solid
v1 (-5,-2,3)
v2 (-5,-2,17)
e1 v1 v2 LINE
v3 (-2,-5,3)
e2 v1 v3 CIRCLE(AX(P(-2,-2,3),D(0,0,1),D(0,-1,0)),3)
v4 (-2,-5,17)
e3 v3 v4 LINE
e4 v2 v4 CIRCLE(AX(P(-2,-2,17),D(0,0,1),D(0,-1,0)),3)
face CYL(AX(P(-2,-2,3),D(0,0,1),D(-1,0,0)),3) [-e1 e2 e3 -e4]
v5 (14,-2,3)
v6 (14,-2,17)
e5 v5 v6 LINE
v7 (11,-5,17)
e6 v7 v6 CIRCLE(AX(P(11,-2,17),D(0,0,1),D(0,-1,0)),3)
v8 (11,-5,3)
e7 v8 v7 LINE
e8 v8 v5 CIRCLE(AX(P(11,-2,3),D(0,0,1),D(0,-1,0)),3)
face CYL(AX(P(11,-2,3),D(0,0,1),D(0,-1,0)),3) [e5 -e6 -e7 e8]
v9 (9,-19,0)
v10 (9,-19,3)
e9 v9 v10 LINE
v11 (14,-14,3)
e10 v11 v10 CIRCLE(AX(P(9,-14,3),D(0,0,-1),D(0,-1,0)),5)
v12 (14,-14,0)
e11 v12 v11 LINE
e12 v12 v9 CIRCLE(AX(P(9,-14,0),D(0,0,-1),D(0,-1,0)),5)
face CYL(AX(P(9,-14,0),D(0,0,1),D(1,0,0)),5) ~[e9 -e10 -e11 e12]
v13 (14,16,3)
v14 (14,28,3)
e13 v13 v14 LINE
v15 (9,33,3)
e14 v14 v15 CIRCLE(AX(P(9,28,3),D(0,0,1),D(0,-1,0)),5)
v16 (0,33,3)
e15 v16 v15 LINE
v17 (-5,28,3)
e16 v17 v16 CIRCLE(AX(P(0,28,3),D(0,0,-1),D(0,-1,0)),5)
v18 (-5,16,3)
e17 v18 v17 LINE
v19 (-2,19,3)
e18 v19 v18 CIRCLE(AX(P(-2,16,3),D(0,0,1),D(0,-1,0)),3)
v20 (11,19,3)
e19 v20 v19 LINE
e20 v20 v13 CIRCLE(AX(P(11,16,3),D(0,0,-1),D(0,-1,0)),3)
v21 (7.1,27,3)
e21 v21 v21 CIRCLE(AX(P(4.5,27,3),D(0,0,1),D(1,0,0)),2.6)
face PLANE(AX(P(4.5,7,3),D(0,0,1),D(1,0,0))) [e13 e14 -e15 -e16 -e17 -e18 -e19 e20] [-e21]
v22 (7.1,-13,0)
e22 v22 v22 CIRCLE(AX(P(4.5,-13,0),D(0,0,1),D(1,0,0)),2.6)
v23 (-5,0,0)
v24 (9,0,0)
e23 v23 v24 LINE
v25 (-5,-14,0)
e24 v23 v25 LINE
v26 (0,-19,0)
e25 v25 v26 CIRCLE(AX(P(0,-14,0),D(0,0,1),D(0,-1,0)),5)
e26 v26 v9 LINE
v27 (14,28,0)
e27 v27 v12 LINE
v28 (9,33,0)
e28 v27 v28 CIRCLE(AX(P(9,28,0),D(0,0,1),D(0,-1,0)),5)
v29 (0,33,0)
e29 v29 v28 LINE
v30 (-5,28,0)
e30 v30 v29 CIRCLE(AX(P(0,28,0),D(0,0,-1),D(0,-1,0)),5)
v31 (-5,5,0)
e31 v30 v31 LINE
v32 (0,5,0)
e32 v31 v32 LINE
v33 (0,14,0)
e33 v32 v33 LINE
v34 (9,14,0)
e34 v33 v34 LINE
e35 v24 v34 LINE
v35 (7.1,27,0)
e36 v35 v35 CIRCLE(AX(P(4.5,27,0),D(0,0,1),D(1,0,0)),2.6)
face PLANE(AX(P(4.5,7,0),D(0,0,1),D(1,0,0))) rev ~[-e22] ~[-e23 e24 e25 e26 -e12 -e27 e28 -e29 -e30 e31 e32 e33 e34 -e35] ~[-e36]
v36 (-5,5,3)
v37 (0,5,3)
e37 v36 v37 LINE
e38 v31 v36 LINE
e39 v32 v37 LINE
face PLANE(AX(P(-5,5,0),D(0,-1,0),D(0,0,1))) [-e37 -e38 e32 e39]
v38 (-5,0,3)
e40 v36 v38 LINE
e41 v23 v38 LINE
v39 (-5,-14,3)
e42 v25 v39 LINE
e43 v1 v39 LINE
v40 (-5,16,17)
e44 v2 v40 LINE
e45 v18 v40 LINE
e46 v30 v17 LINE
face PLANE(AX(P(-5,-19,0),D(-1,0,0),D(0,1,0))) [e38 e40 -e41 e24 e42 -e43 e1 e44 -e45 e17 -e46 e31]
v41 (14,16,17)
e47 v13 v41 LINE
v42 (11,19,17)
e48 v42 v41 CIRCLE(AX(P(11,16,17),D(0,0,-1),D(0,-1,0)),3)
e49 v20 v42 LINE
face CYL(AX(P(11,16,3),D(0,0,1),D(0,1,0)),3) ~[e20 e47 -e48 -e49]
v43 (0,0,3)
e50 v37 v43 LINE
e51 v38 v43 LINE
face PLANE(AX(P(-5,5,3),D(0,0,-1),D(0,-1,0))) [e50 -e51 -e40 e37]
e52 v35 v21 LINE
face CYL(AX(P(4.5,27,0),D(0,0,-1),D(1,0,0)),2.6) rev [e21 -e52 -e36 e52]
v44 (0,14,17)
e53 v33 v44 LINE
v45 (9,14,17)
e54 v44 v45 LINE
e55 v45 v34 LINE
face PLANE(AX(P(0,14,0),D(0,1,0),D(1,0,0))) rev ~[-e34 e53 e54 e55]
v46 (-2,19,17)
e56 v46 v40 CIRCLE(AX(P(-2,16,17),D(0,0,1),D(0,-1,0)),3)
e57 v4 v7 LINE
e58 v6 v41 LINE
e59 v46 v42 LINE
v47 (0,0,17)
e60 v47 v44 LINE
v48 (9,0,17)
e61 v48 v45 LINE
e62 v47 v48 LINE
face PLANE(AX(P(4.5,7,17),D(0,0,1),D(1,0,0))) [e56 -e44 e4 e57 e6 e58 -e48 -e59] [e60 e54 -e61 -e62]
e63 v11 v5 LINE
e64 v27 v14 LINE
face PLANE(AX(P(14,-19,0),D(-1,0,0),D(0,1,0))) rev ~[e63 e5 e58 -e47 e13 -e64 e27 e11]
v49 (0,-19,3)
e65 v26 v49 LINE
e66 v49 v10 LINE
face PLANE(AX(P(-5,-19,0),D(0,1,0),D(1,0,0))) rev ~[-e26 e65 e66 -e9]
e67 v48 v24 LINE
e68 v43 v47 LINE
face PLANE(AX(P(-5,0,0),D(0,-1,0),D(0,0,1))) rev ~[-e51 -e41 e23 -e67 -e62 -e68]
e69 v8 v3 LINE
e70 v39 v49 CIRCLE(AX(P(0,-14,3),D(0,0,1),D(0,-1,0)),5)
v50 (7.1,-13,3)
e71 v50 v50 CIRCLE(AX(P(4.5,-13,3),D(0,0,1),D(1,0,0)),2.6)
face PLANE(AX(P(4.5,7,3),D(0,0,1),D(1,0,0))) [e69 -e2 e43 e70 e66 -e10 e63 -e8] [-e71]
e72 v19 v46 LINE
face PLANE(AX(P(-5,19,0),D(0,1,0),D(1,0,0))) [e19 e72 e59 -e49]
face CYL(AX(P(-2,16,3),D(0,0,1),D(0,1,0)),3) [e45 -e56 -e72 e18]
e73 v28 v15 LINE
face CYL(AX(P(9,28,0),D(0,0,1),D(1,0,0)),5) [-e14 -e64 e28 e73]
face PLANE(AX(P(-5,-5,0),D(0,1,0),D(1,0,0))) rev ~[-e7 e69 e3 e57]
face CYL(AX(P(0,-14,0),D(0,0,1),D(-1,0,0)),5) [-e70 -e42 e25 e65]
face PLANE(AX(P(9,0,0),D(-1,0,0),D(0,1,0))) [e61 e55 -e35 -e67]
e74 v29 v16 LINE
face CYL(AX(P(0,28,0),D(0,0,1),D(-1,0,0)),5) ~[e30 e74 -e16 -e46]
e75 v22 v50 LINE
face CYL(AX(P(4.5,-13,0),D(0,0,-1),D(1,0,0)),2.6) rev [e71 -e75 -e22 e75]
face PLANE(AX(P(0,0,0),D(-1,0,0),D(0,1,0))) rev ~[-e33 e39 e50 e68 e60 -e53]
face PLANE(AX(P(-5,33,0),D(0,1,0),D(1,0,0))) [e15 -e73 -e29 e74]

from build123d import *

# Parameters (mm, degrees)
SKETCH_W      = 19
SKETCH_H      = 52
SKETCH_R      = 2.6
SKETCH_W_2    = 9
SKETCH_H_2    = 14
PAD_DEPTH     = 3
SKETCH001_W   = 19
SKETCH001_H   = 24
SKETCH001_W_2 = 9
SKETCH001_H_2 = 14
PAD001_DEPTH  = 17
FILLET_R      = 5
FILLET001_R   = 3
FILLET002_R   = 3
FILLET003_R   = 3
SKETCH002_W   = 5
SKETCH002_H   = 3
POCKET_DEPTH  = 5


with BuildPart() as part:
    # Sketch → Pad (new body)
    with BuildSketch(Plane.XY):
        with Locations((4.5, 7)):
            Rectangle(SKETCH_W, SKETCH_H)
        with Locations((4.5, -13)):
            Circle(SKETCH_R, mode=Mode.SUBTRACT)
        with Locations((4.5, 27)):
            Circle(SKETCH_R, mode=Mode.SUBTRACT)
        with Locations((4.5, 7)):
            Rectangle(SKETCH_W_2, SKETCH_H_2, mode=Mode.SUBTRACT)
    extrude(amount=PAD_DEPTH)

    # Sketch001 → Pad001 (join)
    with BuildSketch(Plane.XY):
        with Locations((4.5, 7)):
            Rectangle(SKETCH001_W, SKETCH001_H)
        with Locations((4.5, 7)):
            Rectangle(SKETCH001_W_2, SKETCH001_H_2, mode=Mode.SUBTRACT)
    extrude(amount=PAD001_DEPTH)

    # Fillet
    fillet_edges = [part.edges().sort_by_distance(p)[0] for p in [
        (14, -19, 1.5),
        (-5, -19, 1.5),
        (14, 33, 1.5),
        (-5, 33, 1.5),
    ]]
    fillet(fillet_edges, radius=FILLET_R)

    # Fillet001
    fillet001_edges = [part.edges().sort_by_distance(p)[0] for p in [
        (14, -5, 10),
    ]]
    fillet(fillet001_edges, radius=FILLET001_R)

    # Fillet002
    fillet002_edges = [part.edges().sort_by_distance(p)[0] for p in [
        (-5, -5, 10),
        (-5, 19, 10),
    ]]
    fillet(fillet002_edges, radius=FILLET002_R)

    # Fillet003
    fillet003_edges = [part.edges().sort_by_distance(p)[0] for p in [
        (14, 19, 10),
    ]]
    fillet(fillet003_edges, radius=FILLET003_R)

    # Sketch002 (on Face16 of Fillet003) → Pocket (cut)
    with BuildSketch(Plane(origin=(-5, 0, 0), x_dir=(0, -1, 0), z_dir=(-1, 0, 0))):
        with Locations((-2.5, 1.5)):
            Rectangle(SKETCH002_W, SKETCH002_H)
    extrude(amount=-POCKET_DEPTH, mode=Mode.SUBTRACT)


solid = part.part
